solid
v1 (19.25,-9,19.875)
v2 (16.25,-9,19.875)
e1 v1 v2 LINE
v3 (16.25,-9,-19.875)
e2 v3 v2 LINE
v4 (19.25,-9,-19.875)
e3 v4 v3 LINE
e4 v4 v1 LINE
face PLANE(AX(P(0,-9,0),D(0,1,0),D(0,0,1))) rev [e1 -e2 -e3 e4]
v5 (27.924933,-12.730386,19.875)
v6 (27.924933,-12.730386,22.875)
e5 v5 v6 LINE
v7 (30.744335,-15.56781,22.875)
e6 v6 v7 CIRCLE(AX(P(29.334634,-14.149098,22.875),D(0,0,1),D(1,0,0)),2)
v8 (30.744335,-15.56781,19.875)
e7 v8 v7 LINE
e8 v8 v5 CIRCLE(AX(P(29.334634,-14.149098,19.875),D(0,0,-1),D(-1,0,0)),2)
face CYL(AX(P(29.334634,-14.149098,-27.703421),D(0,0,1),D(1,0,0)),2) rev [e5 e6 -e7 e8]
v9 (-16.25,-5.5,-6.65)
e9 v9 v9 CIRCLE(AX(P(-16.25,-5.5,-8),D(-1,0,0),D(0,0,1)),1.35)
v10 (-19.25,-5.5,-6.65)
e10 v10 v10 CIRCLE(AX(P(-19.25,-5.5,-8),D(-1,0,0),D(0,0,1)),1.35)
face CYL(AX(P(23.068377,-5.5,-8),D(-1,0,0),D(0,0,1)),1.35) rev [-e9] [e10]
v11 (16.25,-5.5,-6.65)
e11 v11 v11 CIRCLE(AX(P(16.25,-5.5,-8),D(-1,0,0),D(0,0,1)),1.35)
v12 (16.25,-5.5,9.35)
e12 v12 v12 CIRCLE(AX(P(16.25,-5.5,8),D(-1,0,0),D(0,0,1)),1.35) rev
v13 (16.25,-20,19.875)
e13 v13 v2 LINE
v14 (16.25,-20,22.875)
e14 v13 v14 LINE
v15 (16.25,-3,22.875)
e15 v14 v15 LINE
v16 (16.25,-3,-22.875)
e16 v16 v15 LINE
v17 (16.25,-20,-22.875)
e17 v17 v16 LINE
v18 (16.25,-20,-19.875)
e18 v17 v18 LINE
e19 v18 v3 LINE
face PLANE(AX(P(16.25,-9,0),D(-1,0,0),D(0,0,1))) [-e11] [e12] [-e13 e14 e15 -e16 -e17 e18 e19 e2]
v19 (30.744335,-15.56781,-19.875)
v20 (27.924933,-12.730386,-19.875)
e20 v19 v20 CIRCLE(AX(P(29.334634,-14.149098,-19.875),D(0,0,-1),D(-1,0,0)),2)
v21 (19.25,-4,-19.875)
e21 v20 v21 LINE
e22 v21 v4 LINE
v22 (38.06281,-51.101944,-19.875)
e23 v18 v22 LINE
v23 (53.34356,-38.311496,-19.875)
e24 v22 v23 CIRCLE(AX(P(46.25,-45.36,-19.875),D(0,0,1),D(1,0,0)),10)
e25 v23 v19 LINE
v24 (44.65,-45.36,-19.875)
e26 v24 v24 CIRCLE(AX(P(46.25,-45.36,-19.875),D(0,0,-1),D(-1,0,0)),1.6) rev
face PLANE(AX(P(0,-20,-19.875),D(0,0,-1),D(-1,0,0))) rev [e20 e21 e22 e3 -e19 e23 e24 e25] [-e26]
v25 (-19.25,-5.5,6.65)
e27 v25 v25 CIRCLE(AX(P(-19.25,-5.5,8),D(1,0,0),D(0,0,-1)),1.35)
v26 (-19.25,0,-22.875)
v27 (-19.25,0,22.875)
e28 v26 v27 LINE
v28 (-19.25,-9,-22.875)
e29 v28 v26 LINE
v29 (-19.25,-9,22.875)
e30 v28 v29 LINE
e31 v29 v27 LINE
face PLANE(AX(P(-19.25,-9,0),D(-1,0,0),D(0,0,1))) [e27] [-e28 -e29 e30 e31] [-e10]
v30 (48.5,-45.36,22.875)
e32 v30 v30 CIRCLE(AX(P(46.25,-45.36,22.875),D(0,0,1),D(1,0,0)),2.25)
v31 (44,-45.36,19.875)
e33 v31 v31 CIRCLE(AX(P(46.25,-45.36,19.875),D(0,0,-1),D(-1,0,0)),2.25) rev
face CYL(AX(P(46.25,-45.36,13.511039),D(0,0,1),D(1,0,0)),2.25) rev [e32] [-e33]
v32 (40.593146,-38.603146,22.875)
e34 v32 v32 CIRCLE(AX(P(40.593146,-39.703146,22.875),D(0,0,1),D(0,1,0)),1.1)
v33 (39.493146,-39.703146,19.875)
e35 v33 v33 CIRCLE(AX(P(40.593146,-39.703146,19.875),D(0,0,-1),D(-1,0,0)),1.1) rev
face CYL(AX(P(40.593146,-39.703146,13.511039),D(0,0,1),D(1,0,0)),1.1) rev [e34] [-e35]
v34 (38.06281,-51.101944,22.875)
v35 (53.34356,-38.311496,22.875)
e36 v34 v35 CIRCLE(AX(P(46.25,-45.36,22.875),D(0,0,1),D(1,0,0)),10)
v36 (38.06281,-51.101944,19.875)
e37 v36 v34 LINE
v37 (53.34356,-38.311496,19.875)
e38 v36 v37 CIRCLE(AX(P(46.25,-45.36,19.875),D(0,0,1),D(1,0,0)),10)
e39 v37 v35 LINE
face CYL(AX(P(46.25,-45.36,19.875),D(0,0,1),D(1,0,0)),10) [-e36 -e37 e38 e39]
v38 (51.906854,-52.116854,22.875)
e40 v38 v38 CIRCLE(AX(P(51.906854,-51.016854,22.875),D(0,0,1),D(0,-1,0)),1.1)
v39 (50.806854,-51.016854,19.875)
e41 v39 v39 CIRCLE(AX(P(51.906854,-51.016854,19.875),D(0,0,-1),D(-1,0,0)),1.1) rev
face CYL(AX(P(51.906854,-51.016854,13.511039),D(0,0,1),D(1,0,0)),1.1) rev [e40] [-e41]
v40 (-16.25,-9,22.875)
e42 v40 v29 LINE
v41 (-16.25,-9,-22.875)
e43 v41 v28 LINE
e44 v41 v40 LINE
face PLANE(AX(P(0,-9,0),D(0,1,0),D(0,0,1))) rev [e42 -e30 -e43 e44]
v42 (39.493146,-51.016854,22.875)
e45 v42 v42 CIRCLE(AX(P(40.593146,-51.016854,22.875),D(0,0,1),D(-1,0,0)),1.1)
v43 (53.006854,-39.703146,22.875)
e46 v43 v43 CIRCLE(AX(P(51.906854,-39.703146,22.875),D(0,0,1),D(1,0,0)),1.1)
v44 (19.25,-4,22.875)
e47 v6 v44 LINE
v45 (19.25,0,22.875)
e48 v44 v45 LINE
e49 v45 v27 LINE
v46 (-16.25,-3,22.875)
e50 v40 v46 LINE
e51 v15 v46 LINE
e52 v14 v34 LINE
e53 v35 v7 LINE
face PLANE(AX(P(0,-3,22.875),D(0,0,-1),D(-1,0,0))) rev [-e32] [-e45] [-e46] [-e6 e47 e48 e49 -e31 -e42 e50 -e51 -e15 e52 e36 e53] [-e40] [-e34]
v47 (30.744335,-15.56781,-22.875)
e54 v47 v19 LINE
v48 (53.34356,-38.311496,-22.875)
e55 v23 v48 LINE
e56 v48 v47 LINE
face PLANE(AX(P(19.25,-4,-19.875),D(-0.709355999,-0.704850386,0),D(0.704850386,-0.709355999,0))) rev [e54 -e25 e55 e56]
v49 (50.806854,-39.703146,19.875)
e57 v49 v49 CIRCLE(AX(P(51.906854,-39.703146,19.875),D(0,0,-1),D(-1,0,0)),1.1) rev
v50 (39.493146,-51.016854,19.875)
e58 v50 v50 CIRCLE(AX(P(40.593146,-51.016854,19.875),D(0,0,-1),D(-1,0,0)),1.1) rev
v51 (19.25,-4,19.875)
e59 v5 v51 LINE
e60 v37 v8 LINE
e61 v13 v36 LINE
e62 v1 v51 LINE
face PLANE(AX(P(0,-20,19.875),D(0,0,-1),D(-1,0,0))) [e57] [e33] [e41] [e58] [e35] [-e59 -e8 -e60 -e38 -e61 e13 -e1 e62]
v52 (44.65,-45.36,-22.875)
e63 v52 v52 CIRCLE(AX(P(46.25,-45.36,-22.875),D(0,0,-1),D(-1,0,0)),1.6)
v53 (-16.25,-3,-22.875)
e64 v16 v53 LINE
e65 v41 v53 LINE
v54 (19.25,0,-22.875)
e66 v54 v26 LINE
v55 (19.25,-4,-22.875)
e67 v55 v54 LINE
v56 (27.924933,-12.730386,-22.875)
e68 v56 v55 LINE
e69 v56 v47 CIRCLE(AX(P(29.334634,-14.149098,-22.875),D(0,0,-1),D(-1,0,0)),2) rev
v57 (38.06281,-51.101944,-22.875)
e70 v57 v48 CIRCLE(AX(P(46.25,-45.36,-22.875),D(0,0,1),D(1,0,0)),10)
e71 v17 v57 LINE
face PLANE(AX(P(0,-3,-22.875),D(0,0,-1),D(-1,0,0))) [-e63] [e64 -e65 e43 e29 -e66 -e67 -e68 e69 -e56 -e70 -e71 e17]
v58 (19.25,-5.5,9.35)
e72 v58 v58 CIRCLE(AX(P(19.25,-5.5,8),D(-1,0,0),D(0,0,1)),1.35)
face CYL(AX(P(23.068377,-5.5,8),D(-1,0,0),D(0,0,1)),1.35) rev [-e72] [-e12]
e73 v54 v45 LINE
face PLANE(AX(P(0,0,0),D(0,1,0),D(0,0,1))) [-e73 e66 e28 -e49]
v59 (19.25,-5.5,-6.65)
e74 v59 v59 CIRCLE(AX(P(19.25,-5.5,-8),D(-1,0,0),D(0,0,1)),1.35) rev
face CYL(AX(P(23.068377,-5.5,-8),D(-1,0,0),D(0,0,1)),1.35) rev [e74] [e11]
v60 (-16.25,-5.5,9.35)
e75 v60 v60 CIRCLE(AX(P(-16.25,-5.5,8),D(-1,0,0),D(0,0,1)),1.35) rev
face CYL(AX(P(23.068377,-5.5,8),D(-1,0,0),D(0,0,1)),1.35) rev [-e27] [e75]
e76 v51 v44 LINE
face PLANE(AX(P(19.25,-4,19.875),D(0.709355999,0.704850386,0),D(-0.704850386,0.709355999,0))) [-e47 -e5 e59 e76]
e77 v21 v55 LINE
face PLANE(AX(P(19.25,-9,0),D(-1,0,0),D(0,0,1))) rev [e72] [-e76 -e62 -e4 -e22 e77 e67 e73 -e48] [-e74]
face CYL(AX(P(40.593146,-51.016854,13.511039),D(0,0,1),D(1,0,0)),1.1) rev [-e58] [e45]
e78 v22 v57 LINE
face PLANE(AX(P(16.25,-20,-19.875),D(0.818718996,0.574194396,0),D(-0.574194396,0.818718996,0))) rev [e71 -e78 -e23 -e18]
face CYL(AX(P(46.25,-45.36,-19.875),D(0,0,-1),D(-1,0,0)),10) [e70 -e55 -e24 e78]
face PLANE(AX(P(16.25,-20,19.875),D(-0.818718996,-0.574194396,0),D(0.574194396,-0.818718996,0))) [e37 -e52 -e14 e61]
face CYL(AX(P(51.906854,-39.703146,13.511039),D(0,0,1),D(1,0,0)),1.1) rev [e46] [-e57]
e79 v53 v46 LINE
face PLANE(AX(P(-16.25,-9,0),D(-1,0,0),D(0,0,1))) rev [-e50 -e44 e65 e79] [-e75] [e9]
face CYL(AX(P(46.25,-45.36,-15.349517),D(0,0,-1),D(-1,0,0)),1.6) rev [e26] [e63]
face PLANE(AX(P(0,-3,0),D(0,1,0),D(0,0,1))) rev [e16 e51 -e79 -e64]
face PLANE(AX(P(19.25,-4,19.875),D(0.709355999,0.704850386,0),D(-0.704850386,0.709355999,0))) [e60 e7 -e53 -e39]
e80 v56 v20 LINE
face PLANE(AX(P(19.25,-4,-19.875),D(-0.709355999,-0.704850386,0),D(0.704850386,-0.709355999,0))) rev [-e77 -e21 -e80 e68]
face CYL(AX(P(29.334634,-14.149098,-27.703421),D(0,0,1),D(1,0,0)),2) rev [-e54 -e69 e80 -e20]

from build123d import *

# Parameters (mm, degrees)
BOSS_EXTRUDE1_DEPTH = 3
SKETCH1_3_W         = 3
SKETCH1_3_H         = 45.75
SKETCH1_3_H_2       = 39.75
BOSS_EXTRUDE2_DEPTH = 9
SKETCH1_4_W         = 3
SKETCH1_4_H         = 45.75
BOSS_EXTRUDE3_DEPTH = 6
CUT_EXTRUDE1_REACH  = 47.678
SKETCH3_R           = 1.35
SKETCH1_5_W         = 3
SKETCH1_5_H         = 3
BOSS_EXTRUDE4_DEPTH = 20
BOSS_EXTRUDE5_DEPTH = 3
SKETCH5_R           = 2.25
SKETCH5_R_2         = 1.1
CUT_EXTRUDE2_DEPTH  = 3
SKETCH6_R           = 1.6
CUT_EXTRUDE3_DEPTH  = 3
CIRPATTERN1_COUNT   = 4
CUT_EXTRUDE4_REACH  = 93.224


with BuildPart() as part:
    # Sketch1 → Boss-Extrude1 (new body)
    with BuildSketch(Plane(origin=(0, 0, 0), x_dir=(1, 0, 0), z_dir=(0, 1, 0))):
        Polygon((16.25, 22.875), (-16.25, 22.875), (-16.25, -22.875), (16.25, -22.875), (16.25, -19.875), (16.25, 19.875), align=None)
    extrude(amount=-BOSS_EXTRUDE1_DEPTH)

    # Sketch1<3> → Boss-Extrude2 (add)
    with BuildSketch(Plane(origin=(0, 0, 0), x_dir=(1, 0, 0), z_dir=(0, 1, 0))):
        with Locations((-17.75, 0)):
            Rectangle(SKETCH1_3_W, SKETCH1_3_H)
        with Locations((17.75, 0)):
            Rectangle(SKETCH1_3_W, SKETCH1_3_H_2)
    extrude(amount=-BOSS_EXTRUDE2_DEPTH)

    # Sketch1<4> → Boss-Extrude3 (add)
    with BuildSketch(Plane(origin=(0, 0, 0), x_dir=(1, 0, 0), z_dir=(0, 1, 0))):
        with Locations((-17.75, 0)):
            Rectangle(SKETCH1_4_W, SKETCH1_4_H)
    extrude(amount=-BOSS_EXTRUDE3_DEPTH)

    # Cut-Extrude1: up to this face of the body (flat: up to its plane)
    cut_extrude1_end = Plane(part.part.faces().sort_by_distance((19.25, -4.5, 0))[0])
    # Sketch3 → Cut-Extrude1 (cut, up to the picked face)
    with BuildSketch(Plane.ZY.offset(19.25), mode=Mode.PRIVATE) as cut_extrude1_sk1:
        with Locations((-8, -5.5)):
            Circle(SKETCH3_R)
    cut_extrude1_tool1 = split(extrude(cut_extrude1_sk1.sketch, amount=-CUT_EXTRUDE1_REACH, mode=Mode.PRIVATE), bisect_by=cut_extrude1_end, keep=Keep.BOTH, mode=Mode.PRIVATE)
    cut_extrude1 = cut_extrude1_tool1.solids().sort_by(Axis((-19.25, -5.5, -8), (1, 0, 0)))[0]
    add(cut_extrude1, mode=Mode.SUBTRACT)

    # Mirror1: Cut-Extrude1 across plane
    add(cut_extrude1.mirror(Plane.XY), mode=Mode.SUBTRACT)

    # Sketch1<5> → Boss-Extrude4 (add)
    with BuildSketch(Plane(origin=(0, 0, 0), x_dir=(1, 0, 0), z_dir=(0, 1, 0))):
        with Locations((17.75, 21.375)):
            Rectangle(SKETCH1_5_W, SKETCH1_5_H)
        with Locations((17.75, -21.375)):
            Rectangle(SKETCH1_5_W, SKETCH1_5_H)
    extrude(amount=-BOSS_EXTRUDE4_DEPTH)

    # Sketch4 → Boss-Extrude5 (add)
    with BuildSketch(Plane.XY.offset(22.875)):
        with BuildLine():
            Line((19.25, -4), (53.343559989, -38.311496139))
            ThreePointArc((53.343559989, -38.311496139), (52.66855868, -53.028253026), (38.062810036, -51.101943964))
            Line((38.062810036, -51.101943964), (16.25, -20))
            Line((16.25, -20), (19.25, -4))
        make_face()
    boss_extrude5 = extrude(amount=-BOSS_EXTRUDE5_DEPTH)

    # Mirror2: Boss-Extrude5 across plane
    add(boss_extrude5.mirror(Plane.XY))

    # Sketch5 → Cut-Extrude2 (cut)
    with BuildSketch(Plane.XY.offset(22.875)):
        with Locations((46.25, -45.36)):
            Circle(SKETCH5_R)
        with Locations((51.906854249, -39.703145751)):
            Circle(SKETCH5_R_2)
    cut_extrude2 = extrude(amount=-CUT_EXTRUDE2_DEPTH, mode=Mode.SUBTRACT)

    # Sketch6 → Cut-Extrude3 (cut)
    with BuildSketch(Plane(origin=(0, 0, -22.875), x_dir=(-1, 0, 0), z_dir=(0, 0, -1))):
        with Locations((-46.25, -45.36)):
            Circle(SKETCH6_R)
    extrude(amount=-CUT_EXTRUDE3_DEPTH, mode=Mode.SUBTRACT)

    # CirPattern1: Cut-Extrude2 ×4 about axis
    cirpattern1_axis = Axis((46.25, -45.36, 0), (0, 0, 1))
    for i in range(1, CIRPATTERN1_COUNT):
        add(cut_extrude2.rotate(cirpattern1_axis, i * 360 / CIRPATTERN1_COUNT), mode=Mode.SUBTRACT)

    # Cut-Extrude4: up to this face of the body (flat: up to its plane)
    cut_extrude4_end = Plane(part.part.faces().sort_by_distance((30.534092, -28.25383722, -22.875))[0])
    # Sketch7 → Cut-Extrude4 (cut, up to the picked face)
    with BuildSketch(Plane.XY.offset(22.875), mode=Mode.PRIVATE) as cut_extrude4_sk1:
        with BuildLine():
            Line((27.924933355, -12.730386103), (30.7443349, -15.567810098))
            ThreePointArc((30.7443349, -15.567810098), (27.915922129, -15.558798873), (27.924933355, -12.730386103))
        make_face()
    cut_extrude4_tool1 = split(extrude(cut_extrude4_sk1.sketch, amount=-CUT_EXTRUDE4_REACH, mode=Mode.PRIVATE), bisect_by=cut_extrude4_end, keep=Keep.BOTH, mode=Mode.PRIVATE)
    add(cut_extrude4_tool1.solids().sort_by(Axis((28.732514, -14.747394, 22.875), (0, 0, -1)))[0], mode=Mode.SUBTRACT)


solid = part.part
